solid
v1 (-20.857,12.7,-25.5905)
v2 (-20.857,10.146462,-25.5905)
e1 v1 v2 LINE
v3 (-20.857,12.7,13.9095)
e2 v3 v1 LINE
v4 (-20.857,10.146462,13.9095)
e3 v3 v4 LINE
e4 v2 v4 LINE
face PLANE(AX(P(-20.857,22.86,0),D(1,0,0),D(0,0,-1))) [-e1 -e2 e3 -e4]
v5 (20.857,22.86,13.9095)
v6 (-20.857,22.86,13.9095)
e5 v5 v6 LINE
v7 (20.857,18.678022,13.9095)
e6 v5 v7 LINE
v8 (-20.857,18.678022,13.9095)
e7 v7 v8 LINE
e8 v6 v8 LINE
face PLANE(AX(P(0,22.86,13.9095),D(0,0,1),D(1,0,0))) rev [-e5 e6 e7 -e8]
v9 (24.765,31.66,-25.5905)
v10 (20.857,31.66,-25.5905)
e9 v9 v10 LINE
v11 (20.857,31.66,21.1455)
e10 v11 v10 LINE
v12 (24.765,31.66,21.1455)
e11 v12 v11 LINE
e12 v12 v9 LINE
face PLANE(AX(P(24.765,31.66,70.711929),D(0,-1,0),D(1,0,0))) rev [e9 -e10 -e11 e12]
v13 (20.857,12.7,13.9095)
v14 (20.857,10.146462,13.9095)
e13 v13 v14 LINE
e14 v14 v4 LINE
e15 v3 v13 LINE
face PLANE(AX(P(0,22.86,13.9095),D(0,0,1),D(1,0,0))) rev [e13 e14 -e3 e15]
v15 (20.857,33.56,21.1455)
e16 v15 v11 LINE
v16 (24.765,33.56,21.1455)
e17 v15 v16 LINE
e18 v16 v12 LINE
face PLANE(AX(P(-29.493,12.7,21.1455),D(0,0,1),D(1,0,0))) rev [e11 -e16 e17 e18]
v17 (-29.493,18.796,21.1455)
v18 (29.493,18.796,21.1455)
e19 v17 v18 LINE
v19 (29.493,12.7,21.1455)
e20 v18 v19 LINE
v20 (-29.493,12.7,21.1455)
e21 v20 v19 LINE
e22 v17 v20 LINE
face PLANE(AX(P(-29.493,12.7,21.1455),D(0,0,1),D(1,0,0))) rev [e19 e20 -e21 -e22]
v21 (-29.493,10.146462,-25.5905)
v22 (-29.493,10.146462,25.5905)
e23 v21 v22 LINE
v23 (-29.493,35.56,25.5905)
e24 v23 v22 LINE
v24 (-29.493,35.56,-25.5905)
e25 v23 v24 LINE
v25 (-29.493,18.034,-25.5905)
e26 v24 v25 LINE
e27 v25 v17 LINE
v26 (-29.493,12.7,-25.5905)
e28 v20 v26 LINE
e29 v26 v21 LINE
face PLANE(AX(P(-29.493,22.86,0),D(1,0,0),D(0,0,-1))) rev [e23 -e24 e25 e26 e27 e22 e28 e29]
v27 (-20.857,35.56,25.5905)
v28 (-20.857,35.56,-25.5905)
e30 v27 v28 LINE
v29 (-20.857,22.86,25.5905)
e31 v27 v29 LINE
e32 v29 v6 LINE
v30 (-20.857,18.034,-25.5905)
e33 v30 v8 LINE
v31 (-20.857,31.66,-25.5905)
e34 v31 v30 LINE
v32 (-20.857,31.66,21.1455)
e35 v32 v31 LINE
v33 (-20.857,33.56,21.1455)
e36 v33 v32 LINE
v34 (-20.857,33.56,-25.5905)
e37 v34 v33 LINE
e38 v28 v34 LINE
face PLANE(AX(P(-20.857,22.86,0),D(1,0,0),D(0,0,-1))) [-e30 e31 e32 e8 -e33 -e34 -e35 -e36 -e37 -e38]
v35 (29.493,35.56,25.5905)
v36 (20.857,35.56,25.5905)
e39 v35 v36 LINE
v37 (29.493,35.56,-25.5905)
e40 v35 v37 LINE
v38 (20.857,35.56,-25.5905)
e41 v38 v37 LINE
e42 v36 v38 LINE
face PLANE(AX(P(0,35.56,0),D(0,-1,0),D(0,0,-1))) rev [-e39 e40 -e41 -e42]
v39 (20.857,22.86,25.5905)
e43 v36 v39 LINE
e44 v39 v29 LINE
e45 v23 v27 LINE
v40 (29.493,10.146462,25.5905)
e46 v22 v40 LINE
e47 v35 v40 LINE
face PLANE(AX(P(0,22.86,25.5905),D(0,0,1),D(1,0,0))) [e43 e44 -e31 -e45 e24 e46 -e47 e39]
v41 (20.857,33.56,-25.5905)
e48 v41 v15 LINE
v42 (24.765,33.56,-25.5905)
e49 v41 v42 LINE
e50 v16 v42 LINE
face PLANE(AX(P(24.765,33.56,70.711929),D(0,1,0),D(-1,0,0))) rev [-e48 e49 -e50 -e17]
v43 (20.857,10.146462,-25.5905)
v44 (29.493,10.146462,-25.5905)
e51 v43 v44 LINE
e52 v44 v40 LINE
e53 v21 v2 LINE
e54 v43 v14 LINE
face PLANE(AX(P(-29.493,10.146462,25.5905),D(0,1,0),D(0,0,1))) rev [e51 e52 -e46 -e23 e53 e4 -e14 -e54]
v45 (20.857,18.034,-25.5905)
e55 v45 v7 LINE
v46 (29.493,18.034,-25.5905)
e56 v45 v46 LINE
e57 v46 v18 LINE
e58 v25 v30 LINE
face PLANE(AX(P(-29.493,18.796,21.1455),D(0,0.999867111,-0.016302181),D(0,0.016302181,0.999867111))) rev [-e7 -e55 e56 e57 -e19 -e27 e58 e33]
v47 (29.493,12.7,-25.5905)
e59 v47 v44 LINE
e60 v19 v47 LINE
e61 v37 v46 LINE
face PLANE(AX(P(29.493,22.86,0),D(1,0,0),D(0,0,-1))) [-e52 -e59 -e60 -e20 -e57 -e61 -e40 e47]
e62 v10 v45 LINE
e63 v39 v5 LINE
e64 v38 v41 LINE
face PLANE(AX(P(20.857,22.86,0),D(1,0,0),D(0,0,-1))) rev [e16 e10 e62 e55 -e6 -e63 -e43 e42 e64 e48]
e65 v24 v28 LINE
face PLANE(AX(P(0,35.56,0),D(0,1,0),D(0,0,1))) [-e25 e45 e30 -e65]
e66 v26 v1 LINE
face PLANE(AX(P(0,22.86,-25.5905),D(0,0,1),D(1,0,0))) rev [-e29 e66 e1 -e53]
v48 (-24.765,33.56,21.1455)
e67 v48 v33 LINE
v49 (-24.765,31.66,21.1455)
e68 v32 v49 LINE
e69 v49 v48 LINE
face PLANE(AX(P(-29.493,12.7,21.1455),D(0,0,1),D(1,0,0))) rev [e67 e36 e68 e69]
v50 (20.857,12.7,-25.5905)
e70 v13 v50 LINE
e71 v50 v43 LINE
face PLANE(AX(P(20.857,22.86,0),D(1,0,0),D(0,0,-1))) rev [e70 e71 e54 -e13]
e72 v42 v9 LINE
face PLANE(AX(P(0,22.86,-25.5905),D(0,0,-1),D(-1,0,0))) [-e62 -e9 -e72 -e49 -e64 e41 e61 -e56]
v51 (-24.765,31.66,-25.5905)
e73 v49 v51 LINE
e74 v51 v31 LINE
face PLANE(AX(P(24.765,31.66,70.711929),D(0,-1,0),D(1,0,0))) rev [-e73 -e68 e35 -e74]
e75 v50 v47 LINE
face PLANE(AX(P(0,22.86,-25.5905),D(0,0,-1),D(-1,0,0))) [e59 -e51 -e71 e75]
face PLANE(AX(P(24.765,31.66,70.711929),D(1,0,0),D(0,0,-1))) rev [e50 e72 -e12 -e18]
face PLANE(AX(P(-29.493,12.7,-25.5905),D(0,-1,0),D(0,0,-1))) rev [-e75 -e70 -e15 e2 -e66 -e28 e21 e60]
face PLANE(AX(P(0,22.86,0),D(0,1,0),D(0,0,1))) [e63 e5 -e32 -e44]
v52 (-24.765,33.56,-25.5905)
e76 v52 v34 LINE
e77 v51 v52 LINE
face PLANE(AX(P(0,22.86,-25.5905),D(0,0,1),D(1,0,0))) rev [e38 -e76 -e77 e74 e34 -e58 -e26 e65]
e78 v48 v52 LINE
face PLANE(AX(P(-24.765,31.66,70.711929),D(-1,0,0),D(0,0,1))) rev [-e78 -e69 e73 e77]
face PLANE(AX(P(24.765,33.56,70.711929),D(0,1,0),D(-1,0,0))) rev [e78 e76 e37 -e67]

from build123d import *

# Parameters (mm, degrees)
BOSS_EXTRUDE1_DEPTH = 22.86
SKETCH3_R           = 27.372592865
CUT_EXTRUDE1_DEPTH  = 69.240761179
SKETCH4_R           = 26.837944266
CUT_EXTRUDE2_DEPTH  = 64.339651167
BOSS_EXTRUDE2_START = 22.86
SKETCH2_3_W         = 2.286
SKETCH2_3_H         = 2.286
SKETCH2_3_R         = 1.05
SKETCH2_3_H_2       = 9.395
BOSS_EXTRUDE2_DEPTH = 12.7
SKETCH5_W           = 49.53
SKETCH5_H           = 1.9
CUT_EXTRUDE4_DEPTH  = 46.736
SKETCH6_W           = 51.181
SKETCH6_H           = 10.146462019
CUT_EXTRUDE5_DEPTH  = 74.476087969


with BuildPart() as part:
    # Sketch2 → Boss-Extrude1 (new body)
    with BuildSketch(Plane(origin=(0, 0, 0), x_dir=(1, 0, 0), z_dir=(0, 1, 0))):
        Polygon((29.493, -25.5905), (29.493, 25.5905), (20.857, 25.5905), (20.857, -13.9095), (-20.857, -13.9095), (-20.857, 25.5905), (-29.493, 25.5905), (-29.493, -25.5905), align=None)
    extrude(amount=BOSS_EXTRUDE1_DEPTH)

    # Sketch3 → Cut-Extrude1 (cut, through all)
    with BuildSketch(Plane(origin=(29.493, 0, 0), x_dir=(0, 0, -1), z_dir=(1, 0, 0))):
        with Locations((2.032, -17.226130846)):
            Circle(SKETCH3_R)
        Polygon((25.5905, 12.7), (-21.1455, 12.7), (-21.1455, 18.796), (25.5905, 18.034), align=None)
    extrude(amount=-CUT_EXTRUDE1_DEPTH, mode=Mode.SUBTRACT)

    # Sketch4 → Cut-Extrude2 (cut, through all)
    with BuildSketch(Plane(origin=(0, 0, -25.5905), x_dir=(-1, 0, 0), z_dir=(0, 0, -1))):
        with Locations((0, -16.88966558)):
            Circle(SKETCH4_R)
    extrude(amount=-CUT_EXTRUDE2_DEPTH, mode=Mode.SUBTRACT)

    # Sketch2_3 → Boss-Extrude2 (add)
    with BuildSketch(Plane(origin=(0, 0, 0), x_dir=(1, 0, 0), z_dir=(0, 1, 0)).offset(BOSS_EXTRUDE2_START)):
        with Locations((22, 24.4475)):
            Rectangle(SKETCH2_3_W, SKETCH2_3_H)
        with Locations((22, 24.4475)):
            Circle(SKETCH2_3_R, mode=Mode.SUBTRACT)
        with Locations((22, -15.0525)):
            Rectangle(SKETCH2_3_W, SKETCH2_3_H)
        with Locations((22, -15.0525)):
            Circle(SKETCH2_3_R, mode=Mode.SUBTRACT)
        with Locations((-22, -15.0525)):
            Rectangle(SKETCH2_3_W, SKETCH2_3_H)
        with Locations((-22, -15.0525)):
            Circle(SKETCH2_3_R, mode=Mode.SUBTRACT)
        with Locations((-22, 24.4475)):
            Rectangle(SKETCH2_3_W, SKETCH2_3_H)
        with Locations((-22, 24.4475)):
            Circle(SKETCH2_3_R, mode=Mode.SUBTRACT)
        Polygon((29.493, 25.5905), (23.143, 25.5905), (23.143, 23.3045), (23.143, -13.9095), (23.143, -16.1955), (23.143, -25.5905), (29.493, -25.5905), align=None)
        with Locations((22, -20.893)):
            Rectangle(SKETCH2_3_W, SKETCH2_3_H_2)
        with Locations((-22, -20.893)):
            Rectangle(SKETCH2_3_W, SKETCH2_3_H_2)
        Polygon((-23.143, 23.3045), (-23.143, 25.5905), (-29.493, 25.5905), (-29.493, -25.5905), (-23.143, -25.5905), (-23.143, -16.1955), (-23.143, -13.9095), align=None)
        with Locations((22, -15.0525)):
            Circle(SKETCH2_3_R)
        with Locations((22, 24.4475)):
            Circle(SKETCH2_3_R)
        Polygon((23.143, -13.9095), (23.143, 23.3045), (20.857, 23.3045), (20.857, 4.6975), (20.857, -13.9095), align=None)
        Polygon((-20.857, 4.6975), (-20.857, 23.3045), (-23.143, 23.3045), (-23.143, -13.9095), (-20.857, -13.9095), align=None)
        with Locations((-22, 24.4475)):
            Circle(SKETCH2_3_R)
        with Locations((-22, -15.0525)):
            Circle(SKETCH2_3_R)
    extrude(amount=BOSS_EXTRUDE2_DEPTH)

    # Sketch5 → Cut-Extrude4 (cut)
    with BuildSketch(Plane(origin=(0, 0, -25.5905), x_dir=(-1, 0, 0), z_dir=(0, 0, -1))):
        with Locations((0, 32.61)):
            Rectangle(SKETCH5_W, SKETCH5_H)
    extrude(amount=-CUT_EXTRUDE4_DEPTH, mode=Mode.SUBTRACT)

    # Sketch6 → Cut-Extrude5 (cut, through all)
    with BuildSketch(Plane(origin=(29.493, 0, 0), x_dir=(0, 0, -1), z_dir=(1, 0, 0))):
        with Locations((0, 5.07323101)):
            Rectangle(SKETCH6_W, SKETCH6_H)
    extrude(amount=-CUT_EXTRUDE5_DEPTH, mode=Mode.SUBTRACT)


solid = part.part
